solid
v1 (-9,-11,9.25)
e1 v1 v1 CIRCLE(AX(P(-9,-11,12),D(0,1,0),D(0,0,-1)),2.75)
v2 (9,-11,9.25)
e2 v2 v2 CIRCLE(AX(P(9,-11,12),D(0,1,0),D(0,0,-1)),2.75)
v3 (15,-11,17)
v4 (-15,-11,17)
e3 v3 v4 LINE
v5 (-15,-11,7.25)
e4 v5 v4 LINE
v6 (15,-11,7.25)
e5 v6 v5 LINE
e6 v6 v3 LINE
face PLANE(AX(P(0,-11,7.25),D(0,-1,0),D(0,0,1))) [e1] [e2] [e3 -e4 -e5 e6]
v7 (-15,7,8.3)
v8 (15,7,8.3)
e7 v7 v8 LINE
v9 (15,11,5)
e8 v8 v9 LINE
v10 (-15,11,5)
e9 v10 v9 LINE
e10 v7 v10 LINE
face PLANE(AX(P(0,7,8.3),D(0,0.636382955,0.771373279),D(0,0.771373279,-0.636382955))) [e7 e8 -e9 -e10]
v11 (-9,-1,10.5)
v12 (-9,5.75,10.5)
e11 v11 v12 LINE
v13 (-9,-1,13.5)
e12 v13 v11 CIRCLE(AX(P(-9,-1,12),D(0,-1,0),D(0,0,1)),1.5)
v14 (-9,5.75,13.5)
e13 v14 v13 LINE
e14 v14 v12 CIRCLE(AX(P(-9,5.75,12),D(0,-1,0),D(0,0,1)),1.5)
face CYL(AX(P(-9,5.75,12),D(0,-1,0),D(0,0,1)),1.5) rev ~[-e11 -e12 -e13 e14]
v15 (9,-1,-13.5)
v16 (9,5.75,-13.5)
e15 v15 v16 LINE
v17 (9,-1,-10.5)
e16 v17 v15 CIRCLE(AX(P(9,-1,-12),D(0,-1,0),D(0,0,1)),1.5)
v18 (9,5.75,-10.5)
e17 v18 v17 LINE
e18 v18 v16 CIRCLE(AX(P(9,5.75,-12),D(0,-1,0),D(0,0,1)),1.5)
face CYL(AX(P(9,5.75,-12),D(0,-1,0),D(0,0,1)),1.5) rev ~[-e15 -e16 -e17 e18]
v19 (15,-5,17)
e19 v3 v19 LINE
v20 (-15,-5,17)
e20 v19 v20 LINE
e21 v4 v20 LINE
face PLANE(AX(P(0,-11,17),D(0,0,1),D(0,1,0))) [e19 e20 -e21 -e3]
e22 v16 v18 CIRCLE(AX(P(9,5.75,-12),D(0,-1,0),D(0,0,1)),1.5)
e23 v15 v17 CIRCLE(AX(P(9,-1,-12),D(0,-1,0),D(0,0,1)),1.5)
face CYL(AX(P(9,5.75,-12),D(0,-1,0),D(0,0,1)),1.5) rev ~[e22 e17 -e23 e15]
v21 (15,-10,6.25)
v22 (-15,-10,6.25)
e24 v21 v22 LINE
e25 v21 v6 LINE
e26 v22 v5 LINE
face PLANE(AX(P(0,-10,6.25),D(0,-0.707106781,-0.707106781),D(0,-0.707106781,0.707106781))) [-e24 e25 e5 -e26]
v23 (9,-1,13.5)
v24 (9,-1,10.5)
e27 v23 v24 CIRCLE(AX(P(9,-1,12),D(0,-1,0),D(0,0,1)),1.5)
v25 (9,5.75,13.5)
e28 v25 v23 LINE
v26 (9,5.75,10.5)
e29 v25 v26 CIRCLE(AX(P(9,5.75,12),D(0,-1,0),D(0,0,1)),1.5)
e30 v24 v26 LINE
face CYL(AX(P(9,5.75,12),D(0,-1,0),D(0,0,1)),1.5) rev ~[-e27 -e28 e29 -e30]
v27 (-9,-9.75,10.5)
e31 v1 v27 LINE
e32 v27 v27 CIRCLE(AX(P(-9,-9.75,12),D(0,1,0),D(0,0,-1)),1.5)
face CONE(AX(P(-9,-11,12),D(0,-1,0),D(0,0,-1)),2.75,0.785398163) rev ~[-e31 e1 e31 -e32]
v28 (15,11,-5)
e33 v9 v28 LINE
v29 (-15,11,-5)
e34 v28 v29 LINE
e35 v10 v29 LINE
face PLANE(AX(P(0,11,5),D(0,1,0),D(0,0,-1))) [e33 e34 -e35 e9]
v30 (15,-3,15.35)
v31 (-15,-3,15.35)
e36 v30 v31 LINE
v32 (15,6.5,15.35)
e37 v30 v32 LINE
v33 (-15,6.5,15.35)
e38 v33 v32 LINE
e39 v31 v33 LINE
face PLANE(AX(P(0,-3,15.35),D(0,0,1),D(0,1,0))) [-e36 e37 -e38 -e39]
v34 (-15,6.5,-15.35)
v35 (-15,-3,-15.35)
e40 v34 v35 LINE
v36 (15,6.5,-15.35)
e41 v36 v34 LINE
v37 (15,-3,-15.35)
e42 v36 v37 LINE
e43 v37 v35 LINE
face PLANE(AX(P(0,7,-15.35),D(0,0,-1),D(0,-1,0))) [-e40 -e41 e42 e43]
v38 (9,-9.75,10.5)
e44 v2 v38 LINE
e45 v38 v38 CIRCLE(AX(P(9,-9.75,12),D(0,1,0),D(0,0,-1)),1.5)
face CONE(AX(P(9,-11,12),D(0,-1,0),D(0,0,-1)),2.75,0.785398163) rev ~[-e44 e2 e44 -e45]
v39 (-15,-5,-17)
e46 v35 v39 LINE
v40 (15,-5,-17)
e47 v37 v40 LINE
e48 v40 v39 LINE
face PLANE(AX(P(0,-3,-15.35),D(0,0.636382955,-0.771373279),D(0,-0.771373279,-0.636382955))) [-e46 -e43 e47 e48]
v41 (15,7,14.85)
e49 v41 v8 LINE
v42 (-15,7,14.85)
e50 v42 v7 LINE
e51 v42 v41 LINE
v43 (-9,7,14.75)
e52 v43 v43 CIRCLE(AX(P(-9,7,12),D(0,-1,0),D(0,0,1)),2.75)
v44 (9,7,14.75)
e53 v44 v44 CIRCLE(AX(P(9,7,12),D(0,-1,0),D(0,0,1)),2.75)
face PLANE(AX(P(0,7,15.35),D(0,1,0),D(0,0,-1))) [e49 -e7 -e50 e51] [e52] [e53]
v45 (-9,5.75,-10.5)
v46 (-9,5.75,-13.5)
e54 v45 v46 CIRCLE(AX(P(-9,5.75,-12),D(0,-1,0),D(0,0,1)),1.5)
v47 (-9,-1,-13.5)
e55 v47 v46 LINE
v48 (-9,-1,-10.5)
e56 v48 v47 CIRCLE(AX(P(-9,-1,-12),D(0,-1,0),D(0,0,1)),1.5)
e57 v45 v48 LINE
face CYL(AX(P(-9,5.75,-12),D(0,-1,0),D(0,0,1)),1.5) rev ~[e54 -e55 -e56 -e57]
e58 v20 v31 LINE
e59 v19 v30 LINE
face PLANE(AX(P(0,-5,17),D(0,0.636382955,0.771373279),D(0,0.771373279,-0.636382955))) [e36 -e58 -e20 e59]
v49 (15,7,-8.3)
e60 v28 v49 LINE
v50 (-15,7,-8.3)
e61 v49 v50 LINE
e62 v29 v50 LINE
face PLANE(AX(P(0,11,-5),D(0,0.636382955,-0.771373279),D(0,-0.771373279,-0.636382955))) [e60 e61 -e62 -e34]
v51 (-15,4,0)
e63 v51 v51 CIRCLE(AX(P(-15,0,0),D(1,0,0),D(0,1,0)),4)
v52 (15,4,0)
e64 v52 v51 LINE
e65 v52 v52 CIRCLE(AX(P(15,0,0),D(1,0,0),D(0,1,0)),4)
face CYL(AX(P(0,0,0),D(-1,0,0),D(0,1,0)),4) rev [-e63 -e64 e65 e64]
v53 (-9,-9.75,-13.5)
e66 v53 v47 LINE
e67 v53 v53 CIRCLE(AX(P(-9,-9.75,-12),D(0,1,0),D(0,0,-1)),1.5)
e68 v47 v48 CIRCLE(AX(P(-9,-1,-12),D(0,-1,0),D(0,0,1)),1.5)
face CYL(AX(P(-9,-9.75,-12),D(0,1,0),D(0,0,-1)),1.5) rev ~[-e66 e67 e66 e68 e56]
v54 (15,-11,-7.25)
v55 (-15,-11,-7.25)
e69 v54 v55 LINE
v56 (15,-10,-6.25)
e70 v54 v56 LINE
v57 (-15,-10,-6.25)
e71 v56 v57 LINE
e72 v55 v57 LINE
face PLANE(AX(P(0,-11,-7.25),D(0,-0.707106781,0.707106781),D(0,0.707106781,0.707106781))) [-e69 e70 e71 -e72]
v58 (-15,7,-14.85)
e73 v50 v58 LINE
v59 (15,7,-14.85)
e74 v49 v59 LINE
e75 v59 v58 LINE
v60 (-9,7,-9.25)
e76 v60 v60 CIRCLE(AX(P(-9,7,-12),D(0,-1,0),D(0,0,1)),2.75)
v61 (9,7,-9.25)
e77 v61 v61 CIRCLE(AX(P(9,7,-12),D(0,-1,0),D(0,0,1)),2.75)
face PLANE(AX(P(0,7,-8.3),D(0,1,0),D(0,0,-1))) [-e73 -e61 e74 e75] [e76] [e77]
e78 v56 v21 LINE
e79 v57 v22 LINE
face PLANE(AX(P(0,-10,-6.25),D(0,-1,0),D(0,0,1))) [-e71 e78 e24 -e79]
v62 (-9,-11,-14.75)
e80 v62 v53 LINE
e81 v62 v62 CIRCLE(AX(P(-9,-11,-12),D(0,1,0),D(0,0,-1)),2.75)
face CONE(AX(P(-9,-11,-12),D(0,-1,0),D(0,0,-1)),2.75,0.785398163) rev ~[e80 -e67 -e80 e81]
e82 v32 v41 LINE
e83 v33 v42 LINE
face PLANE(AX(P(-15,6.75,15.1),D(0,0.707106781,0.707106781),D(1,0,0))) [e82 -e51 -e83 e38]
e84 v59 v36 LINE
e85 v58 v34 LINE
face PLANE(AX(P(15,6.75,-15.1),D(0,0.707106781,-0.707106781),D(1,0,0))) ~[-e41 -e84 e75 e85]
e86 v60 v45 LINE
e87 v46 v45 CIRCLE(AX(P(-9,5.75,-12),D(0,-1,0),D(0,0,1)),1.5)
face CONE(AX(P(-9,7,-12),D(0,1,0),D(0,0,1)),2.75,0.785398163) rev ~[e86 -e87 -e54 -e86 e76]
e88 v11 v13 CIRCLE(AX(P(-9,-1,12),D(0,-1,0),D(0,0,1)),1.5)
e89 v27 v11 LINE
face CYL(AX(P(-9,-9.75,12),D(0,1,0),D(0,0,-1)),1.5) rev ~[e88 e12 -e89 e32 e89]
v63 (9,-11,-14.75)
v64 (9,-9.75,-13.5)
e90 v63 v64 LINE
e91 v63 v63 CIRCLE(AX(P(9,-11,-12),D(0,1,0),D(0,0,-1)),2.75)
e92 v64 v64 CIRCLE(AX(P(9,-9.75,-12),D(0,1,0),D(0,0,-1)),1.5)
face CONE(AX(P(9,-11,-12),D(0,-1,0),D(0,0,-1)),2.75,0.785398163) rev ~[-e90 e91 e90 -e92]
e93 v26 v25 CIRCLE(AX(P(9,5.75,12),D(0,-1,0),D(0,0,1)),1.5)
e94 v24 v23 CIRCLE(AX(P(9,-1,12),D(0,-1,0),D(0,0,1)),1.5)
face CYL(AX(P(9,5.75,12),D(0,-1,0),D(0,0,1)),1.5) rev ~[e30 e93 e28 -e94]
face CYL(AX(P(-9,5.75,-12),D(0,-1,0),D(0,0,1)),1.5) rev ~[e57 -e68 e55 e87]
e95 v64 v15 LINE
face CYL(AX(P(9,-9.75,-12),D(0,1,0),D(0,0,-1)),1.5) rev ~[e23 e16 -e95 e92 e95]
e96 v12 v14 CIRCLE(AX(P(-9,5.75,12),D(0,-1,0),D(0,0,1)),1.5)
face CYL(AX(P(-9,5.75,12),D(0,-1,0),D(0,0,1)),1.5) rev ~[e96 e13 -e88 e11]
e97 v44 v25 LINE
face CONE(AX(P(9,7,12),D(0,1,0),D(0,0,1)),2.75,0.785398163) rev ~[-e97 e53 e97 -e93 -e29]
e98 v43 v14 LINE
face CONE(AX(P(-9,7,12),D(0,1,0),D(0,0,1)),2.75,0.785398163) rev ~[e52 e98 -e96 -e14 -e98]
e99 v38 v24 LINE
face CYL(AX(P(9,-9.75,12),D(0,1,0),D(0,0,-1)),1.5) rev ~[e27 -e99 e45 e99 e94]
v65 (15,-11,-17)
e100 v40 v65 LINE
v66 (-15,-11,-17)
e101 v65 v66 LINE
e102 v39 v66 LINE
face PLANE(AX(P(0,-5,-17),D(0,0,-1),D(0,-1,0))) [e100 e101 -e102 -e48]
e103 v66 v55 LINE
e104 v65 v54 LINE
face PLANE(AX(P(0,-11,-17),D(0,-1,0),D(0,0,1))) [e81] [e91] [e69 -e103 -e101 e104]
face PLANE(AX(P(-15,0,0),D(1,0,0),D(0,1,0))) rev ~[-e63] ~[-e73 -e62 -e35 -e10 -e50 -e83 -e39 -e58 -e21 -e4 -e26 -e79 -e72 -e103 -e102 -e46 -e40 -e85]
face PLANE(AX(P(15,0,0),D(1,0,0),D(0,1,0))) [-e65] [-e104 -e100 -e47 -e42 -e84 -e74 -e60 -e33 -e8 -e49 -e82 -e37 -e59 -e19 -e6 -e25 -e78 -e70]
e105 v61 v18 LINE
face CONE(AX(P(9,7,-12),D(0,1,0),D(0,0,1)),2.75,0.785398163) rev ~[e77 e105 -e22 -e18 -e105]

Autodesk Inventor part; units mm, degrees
ref_plane "YZ Plane" through (0, 0, 0) normal (1, 0, 0) x (0, 1, 0)
ref_plane "XZ Plane" through (0, 0, 0) normal (0, 1, 0) x (-1, 0, 0)
ref_plane "XY Plane" through (0, 0, 0) normal (0, 0, 1) x (1, 0, 0)
sketch "Sketch1" plane through (0, 0, 0) normal (1, 0, 0) x (0, 1, 0)
  line L0 (14.2461, 0) -> (-14.2461, 0) construction
  line L1 (11, 5) -> (11, -5)
  line L2 (11, -5) -> (7, -8.3)
  line L3 (7, -8.3) -> (7, -15.35)
  line L4 (7, -15.35) -> (-3, -15.35)
  line L5 (-3, -15.35) -> (-5, -17)
  line L6 (-5, -17) -> (-11, -17)
  line L7 (-11, 17) -> (-5, 17)
  line L8 (-5, 17) -> (-3, 15.35)
  line L9 (-3, 15.35) -> (7, 15.35)
  line L10 (7, 15.35) -> (7, 8.3)
  line L11 (7, 8.3) -> (11, 5)
  line L12 (-11, -17) -> (-11, -7.25)
  line L13 (-11, -7.25) -> (-10, -6.25)
  line L14 (-10, -6.25) -> (-10, 6.25)
  line L15 (-10, 6.25) -> (-11, 7.25)
  line L16 (-11, 7.25) -> (-11, 17)
  circle A0 centre (0, 0) radius 4
  point P0 (-11, -12.125)
  dimension "d2" = 45
  dimension "d3" = 22
  dimension "d4" = 34
  dimension "d5" = 6
  dimension "d6" = 8
  dimension "d7" = 11
  dimension "d8" = 8
  dimension "d9" = 18
  dimension "d10" = 16.6
  dimension "d11" = 12.5
  dimension "d12" = 1
  dimension "d13" = 10
extrude "Extrusion1" add sketch "Sketch1" along normal mid plane 30
sketch "Sketch2" plane through (-15, 7, 15.35) normal (0, 1, 0) x (1, 0, 0)
  line L0 (-4.3659, 15.35) -> (34.0137, 15.35) construction
  line L1 (0, 10.35) -> (0, 20.35) projected
  line L2 (0, 10.35) -> (30, 10.35) projected
  line L3 (15, 2.4961) -> (15, 28.0168) construction
  point P0 (15, 15.35)
  point P1 (6, 3.35)
  point P2 (6, 27.35)
  point P3 (24, 27.35)
  point P4 (24, 3.35)
  point P5 (0, 15.35)
  point P6 (15, 10.35)
  dimension "d16" = 24
  dimension "d17" = 18
hole "Hole1" at (-9, 7, 12) at (-9, 7, -12) at (9, 7, -12) at (9, 7, 12) direction (0, -1, 0) diameter 3 depth 8 countersink diameter 5.5 countersink angle 90
sketch "Sketch3" plane through (-15, -11, 7.25) normal (0, -1, 0) x (1, 0, 0)
  point P0 (15, -7.25)
  point P1 (6, 4.75)
  point P2 (24, 4.75)
  point P3 (6, -19.25)
  point P4 (24, -19.25)
hole "Hole2" at (-9, -11, 12) at (9, -11, 12) at (-9, -11, -12) at (9, -11, -12) direction (0, 1, 0) diameter 3 end through all countersink diameter 5.5 countersink angle 90
chamfer "Chamfer1" distance 0.5 angle 45 2 edges at (0, 7, 15.35) (0, 7, -15.35)
properties part number "Bearing block"
